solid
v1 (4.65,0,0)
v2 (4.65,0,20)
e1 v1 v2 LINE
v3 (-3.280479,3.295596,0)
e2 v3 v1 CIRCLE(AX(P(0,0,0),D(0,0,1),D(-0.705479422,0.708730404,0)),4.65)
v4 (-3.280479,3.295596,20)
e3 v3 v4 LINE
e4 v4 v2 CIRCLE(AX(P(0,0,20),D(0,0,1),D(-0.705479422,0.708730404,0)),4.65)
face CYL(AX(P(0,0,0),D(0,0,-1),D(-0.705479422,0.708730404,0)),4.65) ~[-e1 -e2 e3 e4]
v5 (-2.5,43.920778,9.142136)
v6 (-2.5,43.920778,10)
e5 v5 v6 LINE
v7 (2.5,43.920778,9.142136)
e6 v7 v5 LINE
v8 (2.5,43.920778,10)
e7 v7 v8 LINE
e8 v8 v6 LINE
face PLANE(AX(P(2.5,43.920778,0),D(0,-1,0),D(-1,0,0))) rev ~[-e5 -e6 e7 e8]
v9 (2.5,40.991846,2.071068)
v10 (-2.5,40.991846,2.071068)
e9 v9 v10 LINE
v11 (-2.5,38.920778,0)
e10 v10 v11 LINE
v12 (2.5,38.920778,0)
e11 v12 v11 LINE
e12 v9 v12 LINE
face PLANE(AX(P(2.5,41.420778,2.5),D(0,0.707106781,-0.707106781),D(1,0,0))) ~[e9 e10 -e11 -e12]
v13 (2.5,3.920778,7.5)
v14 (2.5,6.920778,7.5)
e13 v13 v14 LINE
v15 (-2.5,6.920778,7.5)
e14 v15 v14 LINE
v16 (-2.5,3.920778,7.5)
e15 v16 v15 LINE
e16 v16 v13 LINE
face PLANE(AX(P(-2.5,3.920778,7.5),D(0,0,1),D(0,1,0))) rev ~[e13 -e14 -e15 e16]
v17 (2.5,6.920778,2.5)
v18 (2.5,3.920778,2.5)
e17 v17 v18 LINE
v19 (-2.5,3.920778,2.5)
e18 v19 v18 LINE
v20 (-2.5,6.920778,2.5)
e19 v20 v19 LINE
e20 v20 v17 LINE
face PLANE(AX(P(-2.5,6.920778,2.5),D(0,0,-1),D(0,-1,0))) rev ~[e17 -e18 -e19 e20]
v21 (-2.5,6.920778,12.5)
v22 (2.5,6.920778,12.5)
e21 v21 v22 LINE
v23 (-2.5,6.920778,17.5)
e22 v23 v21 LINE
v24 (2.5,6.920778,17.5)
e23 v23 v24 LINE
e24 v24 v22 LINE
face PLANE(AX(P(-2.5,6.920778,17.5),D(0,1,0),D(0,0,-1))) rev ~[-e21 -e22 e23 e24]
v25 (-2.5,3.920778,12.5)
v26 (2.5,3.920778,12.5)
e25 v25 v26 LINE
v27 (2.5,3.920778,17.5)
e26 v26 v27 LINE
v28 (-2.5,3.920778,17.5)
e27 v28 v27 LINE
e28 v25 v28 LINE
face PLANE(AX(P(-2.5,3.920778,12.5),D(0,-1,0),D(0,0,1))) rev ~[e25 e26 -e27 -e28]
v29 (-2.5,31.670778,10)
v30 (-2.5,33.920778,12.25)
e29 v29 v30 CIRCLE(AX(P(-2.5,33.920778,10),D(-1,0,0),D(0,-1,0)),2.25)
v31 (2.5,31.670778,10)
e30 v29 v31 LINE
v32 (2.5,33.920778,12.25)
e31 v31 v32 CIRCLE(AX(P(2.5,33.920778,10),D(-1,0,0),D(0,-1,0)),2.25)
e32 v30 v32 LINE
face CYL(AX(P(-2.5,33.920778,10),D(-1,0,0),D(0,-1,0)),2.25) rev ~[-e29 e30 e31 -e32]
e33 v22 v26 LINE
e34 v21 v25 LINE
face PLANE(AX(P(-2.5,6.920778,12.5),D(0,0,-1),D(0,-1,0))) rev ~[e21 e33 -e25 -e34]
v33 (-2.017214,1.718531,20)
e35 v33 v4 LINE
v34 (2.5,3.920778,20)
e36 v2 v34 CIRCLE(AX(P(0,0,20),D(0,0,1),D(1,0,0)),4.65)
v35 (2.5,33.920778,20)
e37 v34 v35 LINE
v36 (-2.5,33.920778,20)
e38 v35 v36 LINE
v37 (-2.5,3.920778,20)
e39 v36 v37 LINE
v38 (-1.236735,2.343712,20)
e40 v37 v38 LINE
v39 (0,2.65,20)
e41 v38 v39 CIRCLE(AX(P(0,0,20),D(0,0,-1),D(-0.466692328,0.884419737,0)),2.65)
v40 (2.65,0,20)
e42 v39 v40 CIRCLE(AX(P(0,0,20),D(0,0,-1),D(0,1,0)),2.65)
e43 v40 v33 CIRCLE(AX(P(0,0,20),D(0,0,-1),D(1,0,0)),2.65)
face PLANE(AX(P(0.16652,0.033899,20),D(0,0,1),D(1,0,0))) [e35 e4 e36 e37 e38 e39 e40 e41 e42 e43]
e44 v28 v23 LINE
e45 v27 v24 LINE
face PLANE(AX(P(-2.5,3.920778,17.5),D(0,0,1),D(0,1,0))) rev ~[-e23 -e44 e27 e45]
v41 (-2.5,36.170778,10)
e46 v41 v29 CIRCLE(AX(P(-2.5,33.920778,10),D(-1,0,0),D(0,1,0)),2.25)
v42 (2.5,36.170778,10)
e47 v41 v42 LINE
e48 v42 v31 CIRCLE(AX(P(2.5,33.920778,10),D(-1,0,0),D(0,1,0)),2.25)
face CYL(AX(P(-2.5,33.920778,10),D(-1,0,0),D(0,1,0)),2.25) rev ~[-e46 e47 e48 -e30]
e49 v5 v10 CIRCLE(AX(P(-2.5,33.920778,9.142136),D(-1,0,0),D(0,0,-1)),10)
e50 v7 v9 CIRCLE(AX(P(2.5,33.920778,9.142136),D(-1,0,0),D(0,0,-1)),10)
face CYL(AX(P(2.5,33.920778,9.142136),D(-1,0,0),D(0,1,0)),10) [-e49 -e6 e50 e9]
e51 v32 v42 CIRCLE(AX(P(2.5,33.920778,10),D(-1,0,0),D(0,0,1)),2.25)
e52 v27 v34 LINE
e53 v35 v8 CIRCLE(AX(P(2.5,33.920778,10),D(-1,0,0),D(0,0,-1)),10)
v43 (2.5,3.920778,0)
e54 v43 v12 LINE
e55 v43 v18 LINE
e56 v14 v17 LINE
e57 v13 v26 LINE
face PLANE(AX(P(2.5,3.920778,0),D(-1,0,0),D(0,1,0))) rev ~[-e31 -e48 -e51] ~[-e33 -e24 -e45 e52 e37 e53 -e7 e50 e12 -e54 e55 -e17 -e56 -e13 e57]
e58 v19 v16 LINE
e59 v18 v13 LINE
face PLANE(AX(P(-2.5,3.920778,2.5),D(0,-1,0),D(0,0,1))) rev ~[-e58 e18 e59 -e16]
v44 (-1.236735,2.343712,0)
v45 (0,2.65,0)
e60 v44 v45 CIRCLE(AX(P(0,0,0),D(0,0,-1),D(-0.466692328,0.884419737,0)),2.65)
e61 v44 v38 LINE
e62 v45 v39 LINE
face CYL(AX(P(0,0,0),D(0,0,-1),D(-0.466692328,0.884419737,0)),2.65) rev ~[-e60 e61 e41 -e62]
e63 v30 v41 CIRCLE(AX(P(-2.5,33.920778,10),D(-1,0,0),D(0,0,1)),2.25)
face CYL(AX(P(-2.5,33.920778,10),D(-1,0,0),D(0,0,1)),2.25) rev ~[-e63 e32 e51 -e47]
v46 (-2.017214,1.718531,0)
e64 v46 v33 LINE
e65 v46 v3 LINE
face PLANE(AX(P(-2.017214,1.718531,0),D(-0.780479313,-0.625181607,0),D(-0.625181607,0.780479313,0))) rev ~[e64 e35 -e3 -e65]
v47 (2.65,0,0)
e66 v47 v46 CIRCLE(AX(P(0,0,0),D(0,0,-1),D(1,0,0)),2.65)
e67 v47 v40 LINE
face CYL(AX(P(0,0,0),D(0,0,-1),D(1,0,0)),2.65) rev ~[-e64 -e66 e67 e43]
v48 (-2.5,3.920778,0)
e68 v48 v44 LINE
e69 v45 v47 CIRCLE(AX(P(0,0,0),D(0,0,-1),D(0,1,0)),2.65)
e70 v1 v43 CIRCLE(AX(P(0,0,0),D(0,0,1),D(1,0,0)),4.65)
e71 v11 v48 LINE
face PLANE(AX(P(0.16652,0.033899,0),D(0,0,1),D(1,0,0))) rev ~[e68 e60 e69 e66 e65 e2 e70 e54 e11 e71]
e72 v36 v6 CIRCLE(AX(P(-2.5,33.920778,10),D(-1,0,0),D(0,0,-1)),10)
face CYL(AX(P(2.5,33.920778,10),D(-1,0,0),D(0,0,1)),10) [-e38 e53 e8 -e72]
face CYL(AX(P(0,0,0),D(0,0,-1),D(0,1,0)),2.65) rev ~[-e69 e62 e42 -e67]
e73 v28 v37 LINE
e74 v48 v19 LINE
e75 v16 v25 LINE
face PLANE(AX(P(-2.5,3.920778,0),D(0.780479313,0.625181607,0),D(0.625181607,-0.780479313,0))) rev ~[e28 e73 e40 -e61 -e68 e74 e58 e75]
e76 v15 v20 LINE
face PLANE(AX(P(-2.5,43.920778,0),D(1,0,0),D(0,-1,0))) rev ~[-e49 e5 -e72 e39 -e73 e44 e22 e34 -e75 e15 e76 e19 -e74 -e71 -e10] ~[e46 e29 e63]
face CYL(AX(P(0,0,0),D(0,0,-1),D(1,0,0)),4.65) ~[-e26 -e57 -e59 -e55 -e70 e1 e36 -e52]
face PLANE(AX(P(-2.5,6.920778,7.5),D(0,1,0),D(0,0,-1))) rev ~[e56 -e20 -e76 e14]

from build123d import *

# Parameters (mm, degrees)
F1_DEPTH = 20
F3_DEPTH = 7.151
F4_R     = 10
F5_SIZE  = 5
F6_R     = 10


with BuildPart() as f1:
    # F0 (on Top) → F1 (new body)
    with BuildSketch(Plane.XY):
        with BuildLine():
            ThreePointArc((2.65, 0), (-0.9156644986, -2.4867767343), (-2.0172139819, 1.7185306955))
            Line((-2.0172139819, 1.7185306955), (-2.6488466474, 2.5070635361))
            Line((-2.6488466474, 2.5070635361), (-3.2804793129, 3.2955963767))
            ThreePointArc((-3.2804793129, 3.2955963767), (-1.7844146372, -4.2939916631), (4.65, 0))
            ThreePointArc((4.65, 0), (4.0772233199, 2.2357884515), (2.5, 3.920777984))
            ThreePointArc((2.5, 3.920777984), (1.3020910825, 4.4639734333), (0, 4.65))
            Line((0, 4.65), (0, 2.65))
            ThreePointArc((0, 2.65), (1.8738329701, 1.8738329701), (2.65, 0))
        make_face()
        with BuildLine():
            Line((0, 43.920777984), (0, 4.65))
            ThreePointArc((0, 4.65), (1.3020910825, 4.4639734333), (2.5, 3.920777984))
            Line((2.5, 3.920777984), (2.5, 43.920777984))
            Line((2.5, 43.920777984), (0, 43.920777984))
        make_face()
        with BuildLine():
            ThreePointArc((-1.236734669, 2.3437123028), (-0.6370488198, 2.572288631), (0, 2.65))
            Line((0, 2.65), (0, 4.65))
            ThreePointArc((0, 4.65), (-1.3020910825, 4.4639734333), (-2.5, 3.920777984))
            Line((-2.5, 3.920777984), (-1.8683673345, 3.1322451434))
            Line((-1.8683673345, 3.1322451434), (-1.236734669, 2.3437123028))
        make_face()
        with BuildLine():
            ThreePointArc((-2.5, 3.920777984), (-1.3020910825, 4.4639734333), (0, 4.65))
            Line((0, 4.65), (0, 43.920777984))
            Line((0, 43.920777984), (-2.5, 43.920777984))
            Line((-2.5, 43.920777984), (-2.5, 3.920777984))
        make_face()
    extrude(amount=F1_DEPTH)

    # F2 (on face) → F3 (cut, through all)
    with BuildSketch(Plane(origin=(-2.5, 0, 0), x_dir=(0, -1, 0), z_dir=(-1, 0, 0))):
        with BuildLine():
            Line((-33.920777984, 10), (-33.920777984, 12.25))
            ThreePointArc((-33.920777984, 12.25), (-35.5117682417, 11.5909902577), (-36.170777984, 10))
            Line((-36.170777984, 10), (-33.920777984, 10))
        make_face()
        with BuildLine():
            ThreePointArc((-36.170777984, 10), (-33.920777984, 7.75), (-31.670777984, 10))
            ThreePointArc((-31.670777984, 10), (-32.3297877264, 11.5909902577), (-33.920777984, 12.25))
            Line((-33.920777984, 12.25), (-33.920777984, 10))
            Line((-33.920777984, 10), (-36.170777984, 10))
        make_face()
        Polygon((-3.920777984, 17.5), (-5.420777984, 17.5), (-6.920777984, 17.5), (-6.920777984, 12.5), (-3.920777984, 12.5), align=None)
        Polygon((-6.920777984, 2.5), (-5.420777984, 2.5), (-3.920777984, 2.5), (-3.920777984, 7.5), (-6.920777984, 7.5), align=None)
    extrude(amount=-F3_DEPTH, mode=Mode.SUBTRACT)

    # F4
    f4_edges = [f1.edges().sort_by_distance(p)[0] for p in [
        (0, 43.920778, 20),
    ]]
    fillet(f4_edges, radius=F4_R)

    # F5
    f5_edges = [f1.edges().sort_by_distance(p)[0] for p in [
        (0, 43.920778, 0),
    ]]
    chamfer(f5_edges, length=F5_SIZE)

    # F6
    f6_edges = [f1.edges().sort_by_distance(p)[0] for p in [
        (0, 43.920778, 5),
    ]]
    fillet(f6_edges, radius=F6_R)


solid = f1.part
